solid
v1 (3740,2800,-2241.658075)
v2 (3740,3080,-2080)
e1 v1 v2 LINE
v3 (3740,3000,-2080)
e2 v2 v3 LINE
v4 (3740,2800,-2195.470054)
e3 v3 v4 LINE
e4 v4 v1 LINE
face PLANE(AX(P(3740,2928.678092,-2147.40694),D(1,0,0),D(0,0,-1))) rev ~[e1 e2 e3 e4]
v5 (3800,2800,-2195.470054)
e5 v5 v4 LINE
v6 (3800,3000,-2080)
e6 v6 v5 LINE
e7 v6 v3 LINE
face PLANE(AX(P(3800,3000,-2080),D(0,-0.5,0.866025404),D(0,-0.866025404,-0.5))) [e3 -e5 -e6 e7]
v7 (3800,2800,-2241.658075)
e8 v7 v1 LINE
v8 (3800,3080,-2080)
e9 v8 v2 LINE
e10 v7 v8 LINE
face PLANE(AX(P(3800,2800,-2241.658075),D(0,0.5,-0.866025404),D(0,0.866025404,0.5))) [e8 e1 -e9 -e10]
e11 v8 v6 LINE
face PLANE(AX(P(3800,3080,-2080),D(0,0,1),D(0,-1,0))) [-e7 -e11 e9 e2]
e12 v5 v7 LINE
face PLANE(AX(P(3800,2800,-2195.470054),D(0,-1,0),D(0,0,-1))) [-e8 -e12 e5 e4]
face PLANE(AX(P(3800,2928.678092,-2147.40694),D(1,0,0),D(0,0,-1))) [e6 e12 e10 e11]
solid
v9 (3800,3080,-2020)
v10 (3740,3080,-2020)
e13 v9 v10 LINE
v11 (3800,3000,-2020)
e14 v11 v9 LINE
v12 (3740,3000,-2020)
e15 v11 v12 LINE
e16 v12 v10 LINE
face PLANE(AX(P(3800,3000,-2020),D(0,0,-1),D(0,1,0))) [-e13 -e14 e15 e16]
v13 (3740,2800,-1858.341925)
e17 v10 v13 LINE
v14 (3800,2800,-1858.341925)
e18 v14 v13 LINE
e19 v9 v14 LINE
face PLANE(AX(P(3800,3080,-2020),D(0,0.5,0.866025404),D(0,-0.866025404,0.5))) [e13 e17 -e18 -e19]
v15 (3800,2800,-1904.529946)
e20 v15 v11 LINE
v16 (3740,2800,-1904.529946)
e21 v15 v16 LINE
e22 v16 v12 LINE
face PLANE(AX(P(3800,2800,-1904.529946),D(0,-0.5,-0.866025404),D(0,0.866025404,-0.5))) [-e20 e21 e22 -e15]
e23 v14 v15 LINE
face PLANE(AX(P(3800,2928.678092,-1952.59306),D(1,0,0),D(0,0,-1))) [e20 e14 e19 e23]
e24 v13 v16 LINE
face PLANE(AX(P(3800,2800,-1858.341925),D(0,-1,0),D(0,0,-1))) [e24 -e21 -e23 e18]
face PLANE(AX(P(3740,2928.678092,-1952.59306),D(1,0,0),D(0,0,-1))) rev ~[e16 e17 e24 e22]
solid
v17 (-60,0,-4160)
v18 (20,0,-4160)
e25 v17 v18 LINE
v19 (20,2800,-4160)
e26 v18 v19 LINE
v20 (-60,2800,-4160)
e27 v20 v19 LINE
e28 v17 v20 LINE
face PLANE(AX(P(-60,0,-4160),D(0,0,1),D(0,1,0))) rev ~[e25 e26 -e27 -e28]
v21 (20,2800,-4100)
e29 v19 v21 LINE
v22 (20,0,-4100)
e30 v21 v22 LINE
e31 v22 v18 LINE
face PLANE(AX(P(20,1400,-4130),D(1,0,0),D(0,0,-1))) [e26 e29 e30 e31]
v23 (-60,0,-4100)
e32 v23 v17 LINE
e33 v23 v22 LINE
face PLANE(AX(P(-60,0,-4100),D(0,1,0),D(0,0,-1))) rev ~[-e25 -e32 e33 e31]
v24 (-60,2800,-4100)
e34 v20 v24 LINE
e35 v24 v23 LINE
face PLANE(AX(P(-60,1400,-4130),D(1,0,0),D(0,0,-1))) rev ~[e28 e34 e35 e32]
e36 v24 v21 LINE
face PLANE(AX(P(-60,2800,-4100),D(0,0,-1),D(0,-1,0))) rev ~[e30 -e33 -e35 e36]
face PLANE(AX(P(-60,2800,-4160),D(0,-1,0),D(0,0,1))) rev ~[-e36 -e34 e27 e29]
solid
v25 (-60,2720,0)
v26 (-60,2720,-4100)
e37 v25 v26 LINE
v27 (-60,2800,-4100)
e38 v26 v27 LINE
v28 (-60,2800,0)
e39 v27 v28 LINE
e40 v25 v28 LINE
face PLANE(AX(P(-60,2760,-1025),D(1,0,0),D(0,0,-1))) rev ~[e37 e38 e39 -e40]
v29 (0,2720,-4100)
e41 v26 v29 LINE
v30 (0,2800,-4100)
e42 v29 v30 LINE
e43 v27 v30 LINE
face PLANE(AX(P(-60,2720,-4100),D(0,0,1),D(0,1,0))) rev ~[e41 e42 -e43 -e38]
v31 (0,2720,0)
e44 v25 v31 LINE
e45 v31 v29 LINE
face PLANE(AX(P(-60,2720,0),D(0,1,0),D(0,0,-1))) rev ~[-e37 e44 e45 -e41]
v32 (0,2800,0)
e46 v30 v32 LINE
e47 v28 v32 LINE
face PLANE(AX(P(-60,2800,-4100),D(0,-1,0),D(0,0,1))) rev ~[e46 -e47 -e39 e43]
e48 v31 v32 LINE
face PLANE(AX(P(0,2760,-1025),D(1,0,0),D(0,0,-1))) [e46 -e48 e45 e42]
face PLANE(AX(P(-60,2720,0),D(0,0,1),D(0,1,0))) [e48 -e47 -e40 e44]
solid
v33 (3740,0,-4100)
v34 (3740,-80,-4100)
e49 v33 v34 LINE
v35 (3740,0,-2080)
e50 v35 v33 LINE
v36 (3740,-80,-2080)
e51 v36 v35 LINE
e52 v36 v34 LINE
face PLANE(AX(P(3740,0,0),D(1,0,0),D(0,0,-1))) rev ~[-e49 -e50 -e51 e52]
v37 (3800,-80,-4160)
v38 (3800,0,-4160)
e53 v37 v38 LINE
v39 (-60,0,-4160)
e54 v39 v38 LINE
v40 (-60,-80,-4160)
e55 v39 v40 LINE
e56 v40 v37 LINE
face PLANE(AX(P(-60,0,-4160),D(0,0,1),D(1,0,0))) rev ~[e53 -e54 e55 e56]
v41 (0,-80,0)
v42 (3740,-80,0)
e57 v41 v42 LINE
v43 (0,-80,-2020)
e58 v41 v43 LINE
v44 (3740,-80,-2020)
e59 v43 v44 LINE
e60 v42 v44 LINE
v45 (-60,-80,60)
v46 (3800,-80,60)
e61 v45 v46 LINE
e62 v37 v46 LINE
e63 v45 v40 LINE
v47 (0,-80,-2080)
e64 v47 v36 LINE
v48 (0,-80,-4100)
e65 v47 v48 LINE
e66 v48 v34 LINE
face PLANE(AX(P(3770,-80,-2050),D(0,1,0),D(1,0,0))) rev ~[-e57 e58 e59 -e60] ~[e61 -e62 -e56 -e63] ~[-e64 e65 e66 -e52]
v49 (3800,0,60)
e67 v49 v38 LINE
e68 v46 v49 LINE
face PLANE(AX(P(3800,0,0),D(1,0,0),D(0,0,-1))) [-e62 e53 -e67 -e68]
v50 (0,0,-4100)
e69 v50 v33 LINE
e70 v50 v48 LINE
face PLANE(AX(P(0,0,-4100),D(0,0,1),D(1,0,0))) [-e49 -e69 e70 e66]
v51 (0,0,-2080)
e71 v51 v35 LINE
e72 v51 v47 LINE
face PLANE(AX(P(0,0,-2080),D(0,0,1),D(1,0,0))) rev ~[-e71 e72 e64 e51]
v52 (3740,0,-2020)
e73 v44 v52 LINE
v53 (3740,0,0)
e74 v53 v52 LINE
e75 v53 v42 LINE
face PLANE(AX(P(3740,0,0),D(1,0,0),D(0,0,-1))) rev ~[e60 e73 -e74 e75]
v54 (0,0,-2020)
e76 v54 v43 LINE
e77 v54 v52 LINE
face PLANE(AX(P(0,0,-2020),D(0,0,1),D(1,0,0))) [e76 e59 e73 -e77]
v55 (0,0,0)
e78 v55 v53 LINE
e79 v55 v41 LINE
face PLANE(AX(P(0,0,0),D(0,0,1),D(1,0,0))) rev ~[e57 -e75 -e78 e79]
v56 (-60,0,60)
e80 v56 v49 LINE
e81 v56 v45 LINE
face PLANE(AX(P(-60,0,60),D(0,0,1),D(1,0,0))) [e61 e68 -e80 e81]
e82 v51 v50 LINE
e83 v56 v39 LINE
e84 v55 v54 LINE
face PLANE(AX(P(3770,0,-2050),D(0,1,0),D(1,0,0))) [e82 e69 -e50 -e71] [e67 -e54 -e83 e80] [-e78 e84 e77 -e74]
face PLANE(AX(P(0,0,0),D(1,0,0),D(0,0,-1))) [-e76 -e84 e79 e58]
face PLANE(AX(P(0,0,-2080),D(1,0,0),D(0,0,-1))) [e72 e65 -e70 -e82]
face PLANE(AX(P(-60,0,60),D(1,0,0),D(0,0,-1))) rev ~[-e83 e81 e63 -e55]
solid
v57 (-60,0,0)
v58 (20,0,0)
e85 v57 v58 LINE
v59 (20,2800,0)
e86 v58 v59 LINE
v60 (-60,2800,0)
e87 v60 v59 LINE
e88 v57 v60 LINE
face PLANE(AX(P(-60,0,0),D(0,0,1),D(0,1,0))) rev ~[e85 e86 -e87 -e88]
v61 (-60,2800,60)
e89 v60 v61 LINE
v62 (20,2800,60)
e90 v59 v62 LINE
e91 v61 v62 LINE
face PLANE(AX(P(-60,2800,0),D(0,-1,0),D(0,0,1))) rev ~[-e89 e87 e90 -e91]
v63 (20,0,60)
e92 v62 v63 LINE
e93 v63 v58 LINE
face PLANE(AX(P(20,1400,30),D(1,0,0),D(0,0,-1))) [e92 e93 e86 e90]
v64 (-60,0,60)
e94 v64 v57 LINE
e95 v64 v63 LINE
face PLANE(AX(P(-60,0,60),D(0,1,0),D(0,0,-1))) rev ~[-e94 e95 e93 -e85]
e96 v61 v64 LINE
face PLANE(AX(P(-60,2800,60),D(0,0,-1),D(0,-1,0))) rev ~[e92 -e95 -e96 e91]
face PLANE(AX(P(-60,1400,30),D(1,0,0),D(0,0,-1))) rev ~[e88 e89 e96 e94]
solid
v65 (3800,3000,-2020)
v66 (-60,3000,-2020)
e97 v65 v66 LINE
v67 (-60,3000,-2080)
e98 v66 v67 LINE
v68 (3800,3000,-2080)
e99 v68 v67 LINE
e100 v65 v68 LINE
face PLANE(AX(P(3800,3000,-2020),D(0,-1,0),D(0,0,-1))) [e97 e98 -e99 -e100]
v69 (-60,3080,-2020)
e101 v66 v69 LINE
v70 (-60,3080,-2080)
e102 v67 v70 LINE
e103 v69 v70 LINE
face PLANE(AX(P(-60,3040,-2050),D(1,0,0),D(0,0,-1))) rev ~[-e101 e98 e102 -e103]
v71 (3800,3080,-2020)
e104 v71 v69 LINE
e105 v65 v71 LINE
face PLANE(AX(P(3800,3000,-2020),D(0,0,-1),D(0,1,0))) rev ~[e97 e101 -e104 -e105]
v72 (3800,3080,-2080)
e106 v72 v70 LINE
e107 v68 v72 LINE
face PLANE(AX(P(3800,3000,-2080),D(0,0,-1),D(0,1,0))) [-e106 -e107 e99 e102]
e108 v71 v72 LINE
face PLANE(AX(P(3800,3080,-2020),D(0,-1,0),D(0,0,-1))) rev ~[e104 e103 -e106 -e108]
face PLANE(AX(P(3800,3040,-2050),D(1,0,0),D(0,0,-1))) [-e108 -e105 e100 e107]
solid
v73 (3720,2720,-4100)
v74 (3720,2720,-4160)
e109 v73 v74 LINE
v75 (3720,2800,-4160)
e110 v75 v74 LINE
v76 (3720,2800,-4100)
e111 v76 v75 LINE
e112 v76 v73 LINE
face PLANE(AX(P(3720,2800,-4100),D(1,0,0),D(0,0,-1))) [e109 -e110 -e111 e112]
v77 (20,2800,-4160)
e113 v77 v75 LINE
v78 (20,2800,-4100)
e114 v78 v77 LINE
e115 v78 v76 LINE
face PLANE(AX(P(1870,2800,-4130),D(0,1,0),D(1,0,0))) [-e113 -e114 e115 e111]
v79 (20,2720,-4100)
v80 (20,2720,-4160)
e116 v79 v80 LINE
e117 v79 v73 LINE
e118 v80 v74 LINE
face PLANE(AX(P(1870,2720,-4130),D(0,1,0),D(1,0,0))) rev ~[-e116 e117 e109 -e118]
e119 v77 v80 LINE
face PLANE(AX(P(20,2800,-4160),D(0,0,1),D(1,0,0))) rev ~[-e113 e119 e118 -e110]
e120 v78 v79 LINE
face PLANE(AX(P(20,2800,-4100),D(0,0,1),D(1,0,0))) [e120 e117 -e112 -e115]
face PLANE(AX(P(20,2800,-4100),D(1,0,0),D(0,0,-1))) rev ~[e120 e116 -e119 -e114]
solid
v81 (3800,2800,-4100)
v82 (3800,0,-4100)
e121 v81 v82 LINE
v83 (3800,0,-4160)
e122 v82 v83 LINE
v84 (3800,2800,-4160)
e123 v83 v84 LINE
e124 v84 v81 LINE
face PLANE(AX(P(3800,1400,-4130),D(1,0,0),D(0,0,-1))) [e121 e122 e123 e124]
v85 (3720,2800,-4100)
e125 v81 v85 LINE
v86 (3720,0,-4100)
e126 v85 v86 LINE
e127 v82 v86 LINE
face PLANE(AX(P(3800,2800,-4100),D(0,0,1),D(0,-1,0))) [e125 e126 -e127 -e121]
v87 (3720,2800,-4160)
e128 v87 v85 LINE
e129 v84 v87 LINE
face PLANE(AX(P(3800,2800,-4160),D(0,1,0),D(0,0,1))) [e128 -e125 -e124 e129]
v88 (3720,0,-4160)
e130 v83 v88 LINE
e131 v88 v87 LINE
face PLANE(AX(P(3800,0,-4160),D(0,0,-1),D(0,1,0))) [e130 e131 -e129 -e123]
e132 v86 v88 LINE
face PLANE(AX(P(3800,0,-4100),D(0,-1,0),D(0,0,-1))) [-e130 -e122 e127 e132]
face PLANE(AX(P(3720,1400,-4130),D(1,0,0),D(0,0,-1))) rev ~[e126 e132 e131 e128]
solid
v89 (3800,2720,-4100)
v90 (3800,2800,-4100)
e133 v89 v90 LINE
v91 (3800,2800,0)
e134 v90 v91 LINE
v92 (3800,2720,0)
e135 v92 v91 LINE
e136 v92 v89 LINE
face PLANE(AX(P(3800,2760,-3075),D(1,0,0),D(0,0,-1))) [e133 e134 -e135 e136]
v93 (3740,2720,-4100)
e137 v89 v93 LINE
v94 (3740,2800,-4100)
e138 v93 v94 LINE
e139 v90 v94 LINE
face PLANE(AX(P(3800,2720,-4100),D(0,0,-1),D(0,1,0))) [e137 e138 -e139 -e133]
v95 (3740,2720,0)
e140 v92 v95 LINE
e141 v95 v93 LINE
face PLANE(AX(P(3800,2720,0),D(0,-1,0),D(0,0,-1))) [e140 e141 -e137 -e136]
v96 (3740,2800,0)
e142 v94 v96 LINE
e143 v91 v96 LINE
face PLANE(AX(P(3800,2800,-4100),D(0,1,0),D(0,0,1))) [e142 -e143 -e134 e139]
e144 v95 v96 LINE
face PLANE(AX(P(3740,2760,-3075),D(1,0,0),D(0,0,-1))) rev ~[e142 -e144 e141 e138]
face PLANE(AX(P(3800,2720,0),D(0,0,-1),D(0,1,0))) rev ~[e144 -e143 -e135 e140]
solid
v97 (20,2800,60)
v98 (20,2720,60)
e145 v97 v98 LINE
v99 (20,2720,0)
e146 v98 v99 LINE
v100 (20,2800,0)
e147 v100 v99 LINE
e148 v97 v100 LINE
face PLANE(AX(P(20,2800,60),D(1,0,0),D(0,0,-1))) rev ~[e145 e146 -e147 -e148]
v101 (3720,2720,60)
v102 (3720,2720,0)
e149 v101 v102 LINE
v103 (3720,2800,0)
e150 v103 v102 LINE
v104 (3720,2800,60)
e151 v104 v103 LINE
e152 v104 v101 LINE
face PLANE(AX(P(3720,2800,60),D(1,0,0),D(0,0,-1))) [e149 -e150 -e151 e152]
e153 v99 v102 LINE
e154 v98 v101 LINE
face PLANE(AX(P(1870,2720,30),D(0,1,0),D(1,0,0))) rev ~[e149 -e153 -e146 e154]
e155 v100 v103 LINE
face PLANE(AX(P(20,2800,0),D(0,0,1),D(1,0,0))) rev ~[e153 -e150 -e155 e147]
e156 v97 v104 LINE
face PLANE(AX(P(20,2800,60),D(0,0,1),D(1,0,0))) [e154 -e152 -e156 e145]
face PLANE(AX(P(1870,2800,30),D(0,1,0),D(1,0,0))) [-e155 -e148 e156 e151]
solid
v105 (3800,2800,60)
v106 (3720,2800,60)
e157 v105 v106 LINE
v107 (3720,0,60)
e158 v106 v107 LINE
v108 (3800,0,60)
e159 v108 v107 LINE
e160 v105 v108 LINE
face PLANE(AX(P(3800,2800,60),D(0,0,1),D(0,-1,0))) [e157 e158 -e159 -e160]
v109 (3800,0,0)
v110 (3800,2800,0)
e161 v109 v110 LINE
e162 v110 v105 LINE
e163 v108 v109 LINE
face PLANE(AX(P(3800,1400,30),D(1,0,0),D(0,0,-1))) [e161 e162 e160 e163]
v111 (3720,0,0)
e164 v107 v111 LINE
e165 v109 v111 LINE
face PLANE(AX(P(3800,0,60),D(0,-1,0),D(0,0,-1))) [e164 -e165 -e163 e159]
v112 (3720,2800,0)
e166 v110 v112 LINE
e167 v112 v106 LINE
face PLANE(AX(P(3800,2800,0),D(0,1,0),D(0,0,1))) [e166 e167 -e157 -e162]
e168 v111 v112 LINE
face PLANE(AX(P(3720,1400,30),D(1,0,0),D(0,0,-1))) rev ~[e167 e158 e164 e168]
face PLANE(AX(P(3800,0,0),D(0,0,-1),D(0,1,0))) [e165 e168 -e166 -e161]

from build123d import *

# Parameters (mm, degrees)
METAL_FRAME_W          = 7720
METAL_FRAME_H          = 4220
METAL_FRAME_W_2        = 7600
METAL_FRAME_H_2        = 2020
METALFRAME_DEPTH       = 80
SKETCH18_W             = 4667.943298929
SKETCH18_H             = 6508.190176391
CUT_EXTRUDE1_DEPTH     = 8718.086669295
SKETCH19_W             = 60
SKETCH19_H             = 4100
BOSS_EXTRUDE1_DEPTH    = 80
BOSS_EXTRUDE5_DEPTH    = 80
BOSS_EXTRUDE5_2_DEPTH  = 80
SKETCH23_3_W           = 2050
SKETCH23_3_H           = 80
BOSS_EXTRUDE6_DEPTH    = 60
BOSS_EXTRUDE7_START    = 3860
BOSS_EXTRUDE7_DEPTH    = 80
BOSS_EXTRUDE7_2_DEPTH  = 80
BOSS_EXTRUDE8_START    = 3860
SKETCH23_6_W           = 2050
SKETCH23_6_H           = 80
BOSS_EXTRUDE8_DEPTH    = 60
SKETCH24_W             = 3700
SKETCH24_H             = 60
BOSS_EXTRUDE9_DEPTH    = 80
BOSS_EXTRUDE9_2_DEPTH  = 80
BOSS_EXTRUDE10_DEPTH   = 60
BOSS_EXTRUDE10_2_DEPTH = 60
SKETCH25_3_W           = 60
SKETCH25_3_H           = 80
BOSS_EXTRUDE11_DEPTH   = 3860


with BuildPart() as part:
    # Metal frame → MetalFrame (new body)
    with BuildSketch(Plane(origin=(0, 0, 0), x_dir=(1, 0, 0), z_dir=(0, 1, 0))):
        with Locations((3800, 2050)):
            Rectangle(METAL_FRAME_W, METAL_FRAME_H)
        with Locations((3800, 1010)):
            Rectangle(METAL_FRAME_W_2, METAL_FRAME_H_2, mode=Mode.SUBTRACT)
        with Locations((3800, 3090)):
            Rectangle(METAL_FRAME_W_2, METAL_FRAME_H_2, mode=Mode.SUBTRACT)
    extrude(amount=-METALFRAME_DEPTH)

    # Sketch18 → Cut-Extrude1 (cut, through all)
    with BuildSketch(Plane(origin=(0, 0, 0), x_dir=(1, 0, 0), z_dir=(0, 1, 0))):
        with Locations((6133.971649464, 2239.218210402)):
            Rectangle(SKETCH18_W, SKETCH18_H)
    extrude(amount=-CUT_EXTRUDE1_DEPTH, mode=Mode.SUBTRACT)

    # Sketch19 → Boss-Extrude1 (add)
    with BuildSketch(Plane(origin=(0, 0, 0), x_dir=(1, 0, 0), z_dir=(0, 1, 0))):
        with Locations((3770, 2050)):
            Rectangle(SKETCH19_W, SKETCH19_H)
    extrude(amount=-BOSS_EXTRUDE1_DEPTH)


with BuildPart() as body_2:
    # Sketch23 → Boss-Extrude5 (new body)
    with BuildSketch(Plane(origin=(-60, 0, 0), x_dir=(0, 0, -1), z_dir=(1, 0, 0))):
        Polygon((4100, 0), (4160, 0), (4160, 2800), (4100, 2800), (4100, 2720), align=None)
    extrude(amount=BOSS_EXTRUDE5_DEPTH)


with BuildPart() as body_3:
    # Sketch23 → Boss-Extrude5 2 (new body)
    with BuildSketch(Plane(origin=(-60, 0, 0), x_dir=(0, 0, -1), z_dir=(1, 0, 0))):
        Polygon((-60, 0), (0, 0), (0, 2720), (0, 2800), (-60, 2800), align=None)
    extrude(amount=BOSS_EXTRUDE5_2_DEPTH)


with BuildPart() as body_4:
    # Sketch23<3> → Boss-Extrude6 (new body)
    with BuildSketch(Plane(origin=(-60, 0, 0), x_dir=(0, 0, -1), z_dir=(1, 0, 0))):
        with Locations((1025, 2760)):
            Rectangle(SKETCH23_3_W, SKETCH23_3_H)
        with Locations((3075, 2760)):
            Rectangle(SKETCH23_3_W, SKETCH23_3_H)
    extrude(amount=BOSS_EXTRUDE6_DEPTH)


with BuildPart() as body_5:
    # Sketch23<5> → Boss-Extrude7 (new body)
    with BuildSketch(Plane(origin=(-60, 0, 0), x_dir=(0, 0, -1), z_dir=(1, 0, 0)).offset(BOSS_EXTRUDE7_START)):
        Polygon((4100, 0), (4160, 0), (4160, 2800), (4100, 2800), (4100, 2720), align=None)
    extrude(amount=-BOSS_EXTRUDE7_DEPTH)


with BuildPart() as body_6:
    # Sketch23<5> → Boss-Extrude7 2 (new body)
    with BuildSketch(Plane(origin=(-60, 0, 0), x_dir=(0, 0, -1), z_dir=(1, 0, 0)).offset(BOSS_EXTRUDE7_START)):
        Polygon((-60, 0), (0, 0), (0, 2720), (0, 2800), (-60, 2800), align=None)
    extrude(amount=-BOSS_EXTRUDE7_2_DEPTH)


with BuildPart() as body_7:
    # Sketch23<6> → Boss-Extrude8 (new body)
    with BuildSketch(Plane(origin=(-60, 0, 0), x_dir=(0, 0, -1), z_dir=(1, 0, 0)).offset(BOSS_EXTRUDE8_START)):
        with Locations((3075, 2760)):
            Rectangle(SKETCH23_6_W, SKETCH23_6_H)
        with Locations((1025, 2760)):
            Rectangle(SKETCH23_6_W, SKETCH23_6_H)
    extrude(amount=-BOSS_EXTRUDE8_DEPTH)


with BuildPart() as body_8:
    # Sketch24 → Boss-Extrude9 (new body)
    with BuildSketch(Plane(origin=(0, 2800, 0), x_dir=(1, 0, 0), z_dir=(0, 1, 0))):
        with Locations((1870, 4130)):
            Rectangle(SKETCH24_W, SKETCH24_H)
    extrude(amount=-BOSS_EXTRUDE9_DEPTH)


with BuildPart() as body_9:
    # Sketch24 → Boss-Extrude9 2 (new body)
    with BuildSketch(Plane(origin=(0, 2800, 0), x_dir=(1, 0, 0), z_dir=(0, 1, 0))):
        with Locations((1870, -30)):
            Rectangle(SKETCH24_W, SKETCH24_H)
    extrude(amount=-BOSS_EXTRUDE9_2_DEPTH)


with BuildPart() as body_10:
    # Sketch25 → Boss-Extrude10 (new body)
    with BuildSketch(Plane(origin=(3800, 0, 0), x_dir=(0, 0, -1), z_dir=(1, 0, 0))):
        Polygon((2020, 3000), (2020, 3080), (1858.341924627, 2800), (1904.529946162, 2800), align=None)
    extrude(amount=-BOSS_EXTRUDE10_DEPTH)


with BuildPart() as body_11:
    # Sketch25 → Boss-Extrude10 2 (new body)
    with BuildSketch(Plane(origin=(3800, 0, 0), x_dir=(0, 0, -1), z_dir=(1, 0, 0))):
        Polygon((2241.658075373, 2800), (2080, 3080), (2080, 3000), (2195.470053838, 2800), align=None)
    extrude(amount=-BOSS_EXTRUDE10_2_DEPTH)


with BuildPart() as body_12:
    # Sketch25<3> → Boss-Extrude11 (new body)
    with BuildSketch(Plane(origin=(3800, 0, 0), x_dir=(0, 0, -1), z_dir=(1, 0, 0))):
        with Locations((2050, 3040)):
            Rectangle(SKETCH25_3_W, SKETCH25_3_H)
    extrude(amount=-BOSS_EXTRUDE11_DEPTH)


solid = Compound([part.part, body_2.part, body_3.part, body_4.part, body_5.part, body_6.part, body_7.part, body_8.part, body_9.part, body_10.part, body_11.part, body_12.part])
